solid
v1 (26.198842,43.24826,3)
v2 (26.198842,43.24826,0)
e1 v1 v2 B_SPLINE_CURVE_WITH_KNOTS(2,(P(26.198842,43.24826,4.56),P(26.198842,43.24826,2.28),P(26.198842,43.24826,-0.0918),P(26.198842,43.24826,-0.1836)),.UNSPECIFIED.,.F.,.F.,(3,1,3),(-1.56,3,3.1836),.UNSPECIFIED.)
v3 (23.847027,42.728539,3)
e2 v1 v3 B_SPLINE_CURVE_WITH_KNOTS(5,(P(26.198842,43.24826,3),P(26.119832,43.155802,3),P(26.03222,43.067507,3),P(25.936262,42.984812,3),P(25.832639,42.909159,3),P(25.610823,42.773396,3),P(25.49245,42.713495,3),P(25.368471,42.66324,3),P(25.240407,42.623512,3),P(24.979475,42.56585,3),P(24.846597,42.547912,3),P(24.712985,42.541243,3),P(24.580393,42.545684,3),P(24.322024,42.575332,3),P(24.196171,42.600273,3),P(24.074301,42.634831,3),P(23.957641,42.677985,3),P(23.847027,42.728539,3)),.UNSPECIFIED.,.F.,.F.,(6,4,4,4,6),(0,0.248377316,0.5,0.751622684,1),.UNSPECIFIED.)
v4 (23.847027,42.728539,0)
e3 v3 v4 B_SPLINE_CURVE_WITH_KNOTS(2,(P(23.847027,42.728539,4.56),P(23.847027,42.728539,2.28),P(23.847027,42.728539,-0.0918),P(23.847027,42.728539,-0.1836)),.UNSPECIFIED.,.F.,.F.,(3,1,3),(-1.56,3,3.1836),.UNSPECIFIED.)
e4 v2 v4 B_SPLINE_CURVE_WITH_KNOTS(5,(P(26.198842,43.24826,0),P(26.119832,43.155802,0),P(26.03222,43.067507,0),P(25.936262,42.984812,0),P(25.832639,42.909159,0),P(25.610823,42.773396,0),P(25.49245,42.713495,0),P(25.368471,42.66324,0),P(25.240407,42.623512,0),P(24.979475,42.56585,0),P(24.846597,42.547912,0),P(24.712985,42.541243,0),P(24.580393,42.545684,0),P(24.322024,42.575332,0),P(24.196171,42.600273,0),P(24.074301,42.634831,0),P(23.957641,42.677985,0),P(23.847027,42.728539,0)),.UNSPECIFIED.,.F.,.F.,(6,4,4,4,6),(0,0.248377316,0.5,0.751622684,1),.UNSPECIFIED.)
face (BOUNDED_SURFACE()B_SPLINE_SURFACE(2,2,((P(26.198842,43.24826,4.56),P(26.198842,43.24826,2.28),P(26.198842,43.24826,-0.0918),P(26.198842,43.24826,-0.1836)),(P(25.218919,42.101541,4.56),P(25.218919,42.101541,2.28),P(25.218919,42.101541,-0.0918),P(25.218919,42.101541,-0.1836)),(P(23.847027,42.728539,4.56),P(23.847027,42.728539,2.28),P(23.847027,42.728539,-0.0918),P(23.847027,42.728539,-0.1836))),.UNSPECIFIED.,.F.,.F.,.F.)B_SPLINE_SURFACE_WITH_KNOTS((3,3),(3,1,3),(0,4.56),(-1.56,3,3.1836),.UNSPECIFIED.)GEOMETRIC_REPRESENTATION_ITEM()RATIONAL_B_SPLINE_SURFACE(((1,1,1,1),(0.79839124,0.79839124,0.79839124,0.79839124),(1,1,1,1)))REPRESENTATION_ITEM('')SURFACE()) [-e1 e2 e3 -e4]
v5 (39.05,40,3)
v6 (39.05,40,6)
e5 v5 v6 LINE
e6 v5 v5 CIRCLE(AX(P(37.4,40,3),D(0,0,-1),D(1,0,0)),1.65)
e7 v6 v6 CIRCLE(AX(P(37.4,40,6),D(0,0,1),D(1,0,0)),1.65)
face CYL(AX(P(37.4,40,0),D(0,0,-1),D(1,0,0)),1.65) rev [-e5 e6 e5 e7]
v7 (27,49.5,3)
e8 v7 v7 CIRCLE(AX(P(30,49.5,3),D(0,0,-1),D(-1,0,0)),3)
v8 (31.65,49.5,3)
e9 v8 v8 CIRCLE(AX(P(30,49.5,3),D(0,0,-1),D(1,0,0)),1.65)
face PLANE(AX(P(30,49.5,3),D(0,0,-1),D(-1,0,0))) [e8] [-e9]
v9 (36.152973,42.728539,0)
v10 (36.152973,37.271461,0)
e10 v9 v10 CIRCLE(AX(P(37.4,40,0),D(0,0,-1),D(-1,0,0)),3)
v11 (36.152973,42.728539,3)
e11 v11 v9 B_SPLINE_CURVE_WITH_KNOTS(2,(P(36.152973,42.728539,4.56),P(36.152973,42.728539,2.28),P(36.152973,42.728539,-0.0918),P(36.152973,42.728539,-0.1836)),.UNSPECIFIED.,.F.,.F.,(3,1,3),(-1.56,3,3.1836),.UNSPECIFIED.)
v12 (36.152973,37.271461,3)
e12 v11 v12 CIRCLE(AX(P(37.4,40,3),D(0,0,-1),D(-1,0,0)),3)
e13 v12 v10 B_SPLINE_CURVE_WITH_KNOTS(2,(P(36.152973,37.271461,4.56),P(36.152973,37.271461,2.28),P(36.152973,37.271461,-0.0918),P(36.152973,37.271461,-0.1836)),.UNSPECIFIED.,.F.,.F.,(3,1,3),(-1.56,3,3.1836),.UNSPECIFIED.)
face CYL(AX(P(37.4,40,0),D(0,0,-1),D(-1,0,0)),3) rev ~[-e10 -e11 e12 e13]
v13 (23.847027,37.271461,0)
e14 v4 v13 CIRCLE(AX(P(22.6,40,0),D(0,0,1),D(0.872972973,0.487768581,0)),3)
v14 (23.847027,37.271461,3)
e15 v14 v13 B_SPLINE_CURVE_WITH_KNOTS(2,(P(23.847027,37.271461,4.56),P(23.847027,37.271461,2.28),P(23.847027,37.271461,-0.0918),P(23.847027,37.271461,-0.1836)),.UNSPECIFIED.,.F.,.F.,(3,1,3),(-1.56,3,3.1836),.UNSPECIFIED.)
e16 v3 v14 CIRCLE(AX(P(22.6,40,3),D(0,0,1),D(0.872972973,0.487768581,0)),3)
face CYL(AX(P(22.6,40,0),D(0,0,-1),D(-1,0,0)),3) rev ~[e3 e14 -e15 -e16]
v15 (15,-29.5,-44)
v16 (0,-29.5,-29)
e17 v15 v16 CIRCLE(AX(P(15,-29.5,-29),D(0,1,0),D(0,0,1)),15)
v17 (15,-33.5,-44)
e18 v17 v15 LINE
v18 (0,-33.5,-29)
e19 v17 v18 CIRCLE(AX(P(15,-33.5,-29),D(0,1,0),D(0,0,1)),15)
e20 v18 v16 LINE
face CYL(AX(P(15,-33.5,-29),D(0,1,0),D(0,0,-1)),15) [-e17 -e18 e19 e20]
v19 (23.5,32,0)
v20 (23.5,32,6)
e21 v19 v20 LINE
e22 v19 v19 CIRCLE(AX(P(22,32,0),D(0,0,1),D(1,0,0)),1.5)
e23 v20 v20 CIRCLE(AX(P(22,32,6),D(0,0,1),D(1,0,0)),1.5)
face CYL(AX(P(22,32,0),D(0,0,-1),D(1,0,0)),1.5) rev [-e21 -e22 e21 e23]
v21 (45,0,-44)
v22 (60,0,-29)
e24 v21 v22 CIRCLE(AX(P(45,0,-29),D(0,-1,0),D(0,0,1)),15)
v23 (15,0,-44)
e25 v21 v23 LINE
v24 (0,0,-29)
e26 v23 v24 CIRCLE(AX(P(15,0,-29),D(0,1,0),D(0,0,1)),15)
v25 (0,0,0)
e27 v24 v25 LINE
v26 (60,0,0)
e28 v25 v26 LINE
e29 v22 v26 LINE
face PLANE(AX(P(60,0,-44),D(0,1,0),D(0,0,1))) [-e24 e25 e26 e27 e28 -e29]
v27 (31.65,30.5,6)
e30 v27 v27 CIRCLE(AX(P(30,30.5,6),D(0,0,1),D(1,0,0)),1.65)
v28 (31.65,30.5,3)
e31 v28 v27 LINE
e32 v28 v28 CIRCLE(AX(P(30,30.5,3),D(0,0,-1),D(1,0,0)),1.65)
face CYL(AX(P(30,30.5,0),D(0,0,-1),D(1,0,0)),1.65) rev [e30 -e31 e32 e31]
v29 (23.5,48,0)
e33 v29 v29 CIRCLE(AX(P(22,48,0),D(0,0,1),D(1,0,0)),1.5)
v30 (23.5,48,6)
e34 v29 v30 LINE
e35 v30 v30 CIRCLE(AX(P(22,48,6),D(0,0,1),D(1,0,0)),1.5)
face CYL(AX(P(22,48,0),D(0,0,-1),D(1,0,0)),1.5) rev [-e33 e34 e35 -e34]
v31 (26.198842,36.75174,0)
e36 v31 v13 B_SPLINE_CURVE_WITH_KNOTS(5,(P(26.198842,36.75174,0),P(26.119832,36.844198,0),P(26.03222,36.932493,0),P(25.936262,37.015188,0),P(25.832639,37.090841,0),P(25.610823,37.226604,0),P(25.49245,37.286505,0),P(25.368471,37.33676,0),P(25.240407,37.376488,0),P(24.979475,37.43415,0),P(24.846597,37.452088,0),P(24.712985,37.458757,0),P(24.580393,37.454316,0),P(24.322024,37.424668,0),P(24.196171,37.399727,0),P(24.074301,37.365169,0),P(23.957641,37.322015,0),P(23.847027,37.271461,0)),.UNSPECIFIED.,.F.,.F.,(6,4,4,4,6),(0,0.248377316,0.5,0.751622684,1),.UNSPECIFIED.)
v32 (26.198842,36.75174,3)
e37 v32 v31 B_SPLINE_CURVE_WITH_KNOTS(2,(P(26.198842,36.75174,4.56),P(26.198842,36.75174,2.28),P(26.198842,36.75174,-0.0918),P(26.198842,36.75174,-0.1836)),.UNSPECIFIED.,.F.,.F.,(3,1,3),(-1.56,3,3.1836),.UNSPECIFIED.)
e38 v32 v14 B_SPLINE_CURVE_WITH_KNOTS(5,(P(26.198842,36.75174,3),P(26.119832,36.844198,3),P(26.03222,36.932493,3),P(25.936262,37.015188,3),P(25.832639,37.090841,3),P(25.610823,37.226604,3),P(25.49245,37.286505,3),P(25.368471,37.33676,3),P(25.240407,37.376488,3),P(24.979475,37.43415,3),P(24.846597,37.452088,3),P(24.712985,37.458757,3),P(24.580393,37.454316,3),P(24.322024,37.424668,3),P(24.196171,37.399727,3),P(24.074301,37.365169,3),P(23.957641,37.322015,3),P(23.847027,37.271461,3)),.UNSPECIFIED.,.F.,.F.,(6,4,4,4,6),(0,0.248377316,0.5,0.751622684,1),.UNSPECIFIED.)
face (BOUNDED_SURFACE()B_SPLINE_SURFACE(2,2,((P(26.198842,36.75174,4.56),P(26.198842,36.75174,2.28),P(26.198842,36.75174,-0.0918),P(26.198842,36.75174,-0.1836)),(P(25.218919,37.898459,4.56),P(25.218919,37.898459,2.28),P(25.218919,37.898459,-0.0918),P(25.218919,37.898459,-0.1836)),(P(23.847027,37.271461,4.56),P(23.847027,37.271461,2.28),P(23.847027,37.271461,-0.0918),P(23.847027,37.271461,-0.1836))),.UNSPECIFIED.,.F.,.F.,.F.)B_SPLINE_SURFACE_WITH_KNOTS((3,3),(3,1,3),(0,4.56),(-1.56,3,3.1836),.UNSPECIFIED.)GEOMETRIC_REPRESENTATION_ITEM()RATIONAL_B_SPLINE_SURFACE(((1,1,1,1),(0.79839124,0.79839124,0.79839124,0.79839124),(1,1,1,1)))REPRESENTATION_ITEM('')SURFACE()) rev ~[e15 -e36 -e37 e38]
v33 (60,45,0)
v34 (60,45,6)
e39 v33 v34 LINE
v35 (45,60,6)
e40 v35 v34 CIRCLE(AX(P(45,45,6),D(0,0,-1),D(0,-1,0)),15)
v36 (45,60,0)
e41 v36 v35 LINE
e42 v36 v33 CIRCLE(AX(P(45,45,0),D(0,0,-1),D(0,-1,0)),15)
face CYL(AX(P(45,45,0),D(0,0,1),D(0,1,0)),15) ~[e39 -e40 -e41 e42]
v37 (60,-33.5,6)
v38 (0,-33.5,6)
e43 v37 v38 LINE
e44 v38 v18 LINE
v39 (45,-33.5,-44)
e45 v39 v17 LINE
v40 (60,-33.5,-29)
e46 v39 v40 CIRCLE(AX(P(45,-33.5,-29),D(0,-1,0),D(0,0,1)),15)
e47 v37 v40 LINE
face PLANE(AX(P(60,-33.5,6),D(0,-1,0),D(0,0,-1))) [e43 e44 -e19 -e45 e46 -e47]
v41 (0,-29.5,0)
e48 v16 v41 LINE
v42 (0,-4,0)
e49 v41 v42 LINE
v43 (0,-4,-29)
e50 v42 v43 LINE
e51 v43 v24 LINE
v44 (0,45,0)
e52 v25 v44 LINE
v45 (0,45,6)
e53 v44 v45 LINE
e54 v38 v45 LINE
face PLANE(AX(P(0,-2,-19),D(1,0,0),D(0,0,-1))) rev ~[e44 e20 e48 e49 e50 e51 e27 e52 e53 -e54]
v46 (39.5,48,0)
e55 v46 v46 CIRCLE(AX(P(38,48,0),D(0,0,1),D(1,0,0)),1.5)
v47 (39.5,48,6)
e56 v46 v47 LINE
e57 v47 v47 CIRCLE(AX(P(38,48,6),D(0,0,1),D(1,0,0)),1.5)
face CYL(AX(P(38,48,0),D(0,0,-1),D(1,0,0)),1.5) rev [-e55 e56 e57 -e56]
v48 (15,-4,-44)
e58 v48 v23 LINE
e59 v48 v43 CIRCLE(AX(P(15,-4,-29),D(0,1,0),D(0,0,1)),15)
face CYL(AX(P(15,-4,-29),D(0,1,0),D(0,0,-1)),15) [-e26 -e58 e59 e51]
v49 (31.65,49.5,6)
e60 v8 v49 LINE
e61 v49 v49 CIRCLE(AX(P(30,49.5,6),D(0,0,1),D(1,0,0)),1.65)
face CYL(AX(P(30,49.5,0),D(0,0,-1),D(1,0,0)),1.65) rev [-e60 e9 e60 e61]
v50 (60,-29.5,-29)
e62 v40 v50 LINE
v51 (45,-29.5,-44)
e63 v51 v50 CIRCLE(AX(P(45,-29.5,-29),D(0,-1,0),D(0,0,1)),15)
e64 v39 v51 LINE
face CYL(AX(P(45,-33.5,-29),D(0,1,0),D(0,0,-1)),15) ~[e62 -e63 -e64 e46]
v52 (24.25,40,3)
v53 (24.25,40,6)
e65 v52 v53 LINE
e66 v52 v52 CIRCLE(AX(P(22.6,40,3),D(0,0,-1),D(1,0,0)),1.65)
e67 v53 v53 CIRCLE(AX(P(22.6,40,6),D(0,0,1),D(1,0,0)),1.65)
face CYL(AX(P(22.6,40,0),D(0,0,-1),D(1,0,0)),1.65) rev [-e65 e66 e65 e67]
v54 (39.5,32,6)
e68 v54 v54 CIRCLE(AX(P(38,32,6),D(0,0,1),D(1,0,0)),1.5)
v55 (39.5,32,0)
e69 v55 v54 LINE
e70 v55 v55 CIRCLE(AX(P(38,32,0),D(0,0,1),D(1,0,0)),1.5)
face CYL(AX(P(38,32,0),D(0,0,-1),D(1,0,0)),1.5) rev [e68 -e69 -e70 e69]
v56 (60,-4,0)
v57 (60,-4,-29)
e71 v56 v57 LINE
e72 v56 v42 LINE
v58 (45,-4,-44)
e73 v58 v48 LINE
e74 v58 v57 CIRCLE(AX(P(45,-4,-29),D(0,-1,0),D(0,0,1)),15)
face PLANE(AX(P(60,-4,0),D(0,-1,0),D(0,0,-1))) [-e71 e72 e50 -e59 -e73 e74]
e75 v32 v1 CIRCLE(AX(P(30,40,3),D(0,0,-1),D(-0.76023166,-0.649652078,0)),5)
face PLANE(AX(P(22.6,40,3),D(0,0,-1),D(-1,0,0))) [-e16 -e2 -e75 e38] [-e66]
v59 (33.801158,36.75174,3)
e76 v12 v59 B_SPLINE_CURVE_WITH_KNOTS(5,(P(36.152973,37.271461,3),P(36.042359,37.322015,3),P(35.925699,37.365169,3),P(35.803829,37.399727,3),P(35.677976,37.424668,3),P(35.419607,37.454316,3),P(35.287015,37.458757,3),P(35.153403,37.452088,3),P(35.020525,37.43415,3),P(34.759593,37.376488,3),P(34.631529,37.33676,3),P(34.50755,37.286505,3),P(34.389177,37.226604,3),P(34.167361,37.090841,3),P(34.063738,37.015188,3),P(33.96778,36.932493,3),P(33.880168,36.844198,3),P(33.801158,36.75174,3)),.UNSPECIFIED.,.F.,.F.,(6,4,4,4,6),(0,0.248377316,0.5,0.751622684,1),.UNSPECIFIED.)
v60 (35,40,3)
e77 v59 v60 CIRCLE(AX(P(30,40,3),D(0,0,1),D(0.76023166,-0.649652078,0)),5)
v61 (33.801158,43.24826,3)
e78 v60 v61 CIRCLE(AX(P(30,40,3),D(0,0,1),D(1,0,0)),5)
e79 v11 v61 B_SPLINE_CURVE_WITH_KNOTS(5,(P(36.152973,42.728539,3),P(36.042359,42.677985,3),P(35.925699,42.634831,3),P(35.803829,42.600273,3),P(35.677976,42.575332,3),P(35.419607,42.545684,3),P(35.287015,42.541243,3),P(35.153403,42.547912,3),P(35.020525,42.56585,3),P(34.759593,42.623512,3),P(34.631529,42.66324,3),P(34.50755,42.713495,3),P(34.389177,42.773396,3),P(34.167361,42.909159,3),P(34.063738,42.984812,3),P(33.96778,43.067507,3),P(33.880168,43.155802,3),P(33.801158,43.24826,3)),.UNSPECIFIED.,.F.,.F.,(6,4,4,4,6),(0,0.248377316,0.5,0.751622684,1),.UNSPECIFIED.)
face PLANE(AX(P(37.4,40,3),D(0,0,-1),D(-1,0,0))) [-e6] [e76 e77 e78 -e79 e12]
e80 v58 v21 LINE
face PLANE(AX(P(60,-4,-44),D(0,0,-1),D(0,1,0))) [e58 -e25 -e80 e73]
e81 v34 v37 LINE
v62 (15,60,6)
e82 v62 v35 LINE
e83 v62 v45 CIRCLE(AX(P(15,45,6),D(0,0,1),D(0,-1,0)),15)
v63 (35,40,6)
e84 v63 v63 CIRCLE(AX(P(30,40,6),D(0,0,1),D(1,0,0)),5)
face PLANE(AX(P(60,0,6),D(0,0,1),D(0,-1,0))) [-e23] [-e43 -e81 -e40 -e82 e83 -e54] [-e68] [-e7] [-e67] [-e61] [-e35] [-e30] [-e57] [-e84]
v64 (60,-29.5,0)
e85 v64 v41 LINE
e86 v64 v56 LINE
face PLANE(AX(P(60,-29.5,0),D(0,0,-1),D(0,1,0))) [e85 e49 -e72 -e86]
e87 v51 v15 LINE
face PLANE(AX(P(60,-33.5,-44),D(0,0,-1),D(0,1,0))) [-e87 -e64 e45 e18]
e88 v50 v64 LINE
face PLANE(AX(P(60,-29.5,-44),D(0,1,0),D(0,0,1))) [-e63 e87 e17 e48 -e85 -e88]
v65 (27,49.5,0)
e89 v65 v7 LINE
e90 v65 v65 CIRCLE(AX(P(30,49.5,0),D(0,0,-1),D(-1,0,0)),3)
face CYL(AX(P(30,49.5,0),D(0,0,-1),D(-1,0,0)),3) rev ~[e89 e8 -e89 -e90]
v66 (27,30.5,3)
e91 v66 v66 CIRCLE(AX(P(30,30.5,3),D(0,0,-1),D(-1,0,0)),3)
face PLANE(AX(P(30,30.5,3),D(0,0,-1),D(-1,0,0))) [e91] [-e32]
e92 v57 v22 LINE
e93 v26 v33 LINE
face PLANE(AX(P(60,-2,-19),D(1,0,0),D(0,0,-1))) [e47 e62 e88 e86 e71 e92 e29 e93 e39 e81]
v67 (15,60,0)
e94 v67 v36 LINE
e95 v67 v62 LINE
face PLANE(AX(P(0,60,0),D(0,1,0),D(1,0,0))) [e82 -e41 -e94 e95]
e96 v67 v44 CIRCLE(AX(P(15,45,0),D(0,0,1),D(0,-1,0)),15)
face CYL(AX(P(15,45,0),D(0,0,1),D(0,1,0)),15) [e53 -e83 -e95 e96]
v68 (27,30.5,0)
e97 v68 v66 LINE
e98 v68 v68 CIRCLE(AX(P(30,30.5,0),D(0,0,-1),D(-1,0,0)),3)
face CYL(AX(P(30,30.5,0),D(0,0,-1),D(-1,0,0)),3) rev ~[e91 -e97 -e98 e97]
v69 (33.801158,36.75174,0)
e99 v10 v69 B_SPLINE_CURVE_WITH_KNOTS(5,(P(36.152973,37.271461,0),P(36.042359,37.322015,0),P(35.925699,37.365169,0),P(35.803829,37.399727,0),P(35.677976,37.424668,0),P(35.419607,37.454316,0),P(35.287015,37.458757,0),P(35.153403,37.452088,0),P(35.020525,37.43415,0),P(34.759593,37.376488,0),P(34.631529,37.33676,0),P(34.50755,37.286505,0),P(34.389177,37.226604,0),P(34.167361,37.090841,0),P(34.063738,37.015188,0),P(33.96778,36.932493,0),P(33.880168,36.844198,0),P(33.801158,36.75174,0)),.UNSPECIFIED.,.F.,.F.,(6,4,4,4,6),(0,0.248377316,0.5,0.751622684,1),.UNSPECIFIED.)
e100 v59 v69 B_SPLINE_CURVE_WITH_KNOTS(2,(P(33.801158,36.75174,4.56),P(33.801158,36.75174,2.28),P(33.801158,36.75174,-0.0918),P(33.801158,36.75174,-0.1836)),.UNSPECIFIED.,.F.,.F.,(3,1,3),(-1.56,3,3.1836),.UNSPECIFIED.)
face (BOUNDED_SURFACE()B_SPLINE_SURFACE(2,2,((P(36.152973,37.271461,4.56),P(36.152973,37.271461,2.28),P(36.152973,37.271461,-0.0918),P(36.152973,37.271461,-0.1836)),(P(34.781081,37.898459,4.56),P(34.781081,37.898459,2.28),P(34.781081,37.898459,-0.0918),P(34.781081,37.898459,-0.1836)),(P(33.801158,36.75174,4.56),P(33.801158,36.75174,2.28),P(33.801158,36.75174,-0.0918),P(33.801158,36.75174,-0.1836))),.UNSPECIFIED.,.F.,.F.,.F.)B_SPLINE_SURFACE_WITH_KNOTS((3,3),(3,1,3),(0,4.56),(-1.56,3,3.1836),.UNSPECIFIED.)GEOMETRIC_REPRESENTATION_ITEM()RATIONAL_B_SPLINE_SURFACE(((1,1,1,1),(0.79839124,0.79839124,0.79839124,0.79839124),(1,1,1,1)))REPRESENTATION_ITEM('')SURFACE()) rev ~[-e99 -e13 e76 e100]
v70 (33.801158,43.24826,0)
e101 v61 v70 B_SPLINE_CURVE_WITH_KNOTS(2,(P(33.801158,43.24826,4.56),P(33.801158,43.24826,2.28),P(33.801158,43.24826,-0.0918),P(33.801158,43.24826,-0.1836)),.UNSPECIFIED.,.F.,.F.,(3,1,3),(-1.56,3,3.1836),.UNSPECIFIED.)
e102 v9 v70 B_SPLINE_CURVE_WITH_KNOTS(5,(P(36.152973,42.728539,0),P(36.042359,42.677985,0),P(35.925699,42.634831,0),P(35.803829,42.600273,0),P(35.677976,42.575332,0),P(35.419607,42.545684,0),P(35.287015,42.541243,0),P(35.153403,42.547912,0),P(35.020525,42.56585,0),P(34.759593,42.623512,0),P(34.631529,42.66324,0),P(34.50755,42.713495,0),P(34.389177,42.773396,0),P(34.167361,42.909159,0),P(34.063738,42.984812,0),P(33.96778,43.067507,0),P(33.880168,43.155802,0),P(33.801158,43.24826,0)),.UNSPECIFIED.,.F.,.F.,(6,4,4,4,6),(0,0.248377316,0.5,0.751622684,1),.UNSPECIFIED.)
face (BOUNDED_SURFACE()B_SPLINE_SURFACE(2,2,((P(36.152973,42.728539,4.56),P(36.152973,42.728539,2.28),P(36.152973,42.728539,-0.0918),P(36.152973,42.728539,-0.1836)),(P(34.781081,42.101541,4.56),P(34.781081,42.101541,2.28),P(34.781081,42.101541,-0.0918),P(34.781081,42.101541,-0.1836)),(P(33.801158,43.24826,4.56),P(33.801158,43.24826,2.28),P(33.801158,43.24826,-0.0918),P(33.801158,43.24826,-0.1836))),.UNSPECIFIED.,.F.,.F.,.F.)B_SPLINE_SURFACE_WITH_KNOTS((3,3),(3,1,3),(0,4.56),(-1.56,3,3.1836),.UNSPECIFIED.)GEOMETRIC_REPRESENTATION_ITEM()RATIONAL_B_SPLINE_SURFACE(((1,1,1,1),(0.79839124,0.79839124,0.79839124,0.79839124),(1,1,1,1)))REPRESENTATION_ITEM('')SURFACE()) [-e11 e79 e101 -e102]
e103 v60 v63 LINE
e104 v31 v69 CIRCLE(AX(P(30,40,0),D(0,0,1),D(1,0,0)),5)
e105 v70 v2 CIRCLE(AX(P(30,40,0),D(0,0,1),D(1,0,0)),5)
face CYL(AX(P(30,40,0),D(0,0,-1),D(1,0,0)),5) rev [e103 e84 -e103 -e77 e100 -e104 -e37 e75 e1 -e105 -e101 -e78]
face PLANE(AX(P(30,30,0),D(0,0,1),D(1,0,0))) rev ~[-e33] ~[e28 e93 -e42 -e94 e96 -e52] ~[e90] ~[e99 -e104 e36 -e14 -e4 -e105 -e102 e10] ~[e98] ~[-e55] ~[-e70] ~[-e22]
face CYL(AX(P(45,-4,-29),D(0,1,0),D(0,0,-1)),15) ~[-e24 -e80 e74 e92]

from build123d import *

# Parameters (mm, degrees)
SKETCH1_W           = 60
SKETCH1_H           = 60
SKETCH1_R           = 5
SKETCH1_R_2         = 1.65
SKETCH1_R_3         = 1.5
BOSS_EXTRUDE1_DEPTH = 6
SKETCH2_W           = 6
SKETCH2_H           = 25.5
BOSS_EXTRUDE2_DEPTH = 60
FILLET1_R           = 15
SKETCH3_R           = 3
CUT_EXTRUDE1_DEPTH  = 3
FILLET2_R           = 2


with BuildPart() as part:
    # Sketch1 → Boss-Extrude1 (new body)
    with BuildSketch(Plane.XY):
        with Locations((30, 30)):
            Rectangle(SKETCH1_W, SKETCH1_H)
        with Locations((30, 40)):
            Circle(SKETCH1_R, mode=Mode.SUBTRACT)
        with Locations((30, 49.5)):
            Circle(SKETCH1_R_2, mode=Mode.SUBTRACT)
        with Locations((30, 30.5)):
            Circle(SKETCH1_R_2, mode=Mode.SUBTRACT)
        with Locations((22.6, 40)):
            Circle(SKETCH1_R_2, mode=Mode.SUBTRACT)
        with Locations((37.4, 40)):
            Circle(SKETCH1_R_2, mode=Mode.SUBTRACT)
        with Locations((22, 48)):
            Circle(SKETCH1_R_3, mode=Mode.SUBTRACT)
        with Locations((38, 48)):
            Circle(SKETCH1_R_3, mode=Mode.SUBTRACT)
        with Locations((38, 32)):
            Circle(SKETCH1_R_3, mode=Mode.SUBTRACT)
        with Locations((22, 32)):
            Circle(SKETCH1_R_3, mode=Mode.SUBTRACT)
    extrude(amount=BOSS_EXTRUDE1_DEPTH)

    # Sketch2 → Boss-Extrude2 (add)
    with BuildSketch(Plane(origin=(60, 0, 0), x_dir=(0, 0, -1), z_dir=(1, 0, 0))):
        Polygon((44, 0), (-6, 0), (-6, -4), (0, -4), (44, -4), align=None)
        with Locations((-3, -16.75)):
            Rectangle(SKETCH2_W, SKETCH2_H)
        Polygon((0, -29.5), (-6, -29.5), (-6, -33.5), (44, -33.5), (44, -29.5), align=None)
    extrude(amount=-BOSS_EXTRUDE2_DEPTH)

    # Fillet1
    fillet1_edges = [part.edges().sort_by_distance(p)[0] for p in [
        (60, -2, -44),
        (0, -31.5, -44),
        (0, -2, -44),
        (60, -31.5, -44),
        (0, 60, 3),
        (60, 60, 3),
    ]]
    fillet(fillet1_edges, radius=FILLET1_R)

    # Sketch3 → Cut-Extrude1 (cut)
    with BuildSketch(Plane(origin=(0, 0, 0), x_dir=(-1, 0, 0), z_dir=(0, 0, -1))):
        with Locations((-30, 49.5)):
            Circle(SKETCH3_R)
        with Locations((-22.6, 40)):
            Circle(SKETCH3_R)
        with Locations((-30, 30.5)):
            Circle(SKETCH3_R)
        with Locations((-37.4, 40)):
            Circle(SKETCH3_R)
    extrude(amount=-CUT_EXTRUDE1_DEPTH, mode=Mode.SUBTRACT)

    # Fillet2
    fillet2_edges = [part.edges().sort_by_distance(p)[0] for p in [
        (34.781081081, 41.463305743, 1.5),
        (34.781081081, 38.536694257, 1.5),
        (25.218918919, 38.536694257, 1.5),
        (25.218918919, 41.463305743, 1.5),
    ]]
    fillet(fillet2_edges, radius=FILLET2_R)


solid = part.part
